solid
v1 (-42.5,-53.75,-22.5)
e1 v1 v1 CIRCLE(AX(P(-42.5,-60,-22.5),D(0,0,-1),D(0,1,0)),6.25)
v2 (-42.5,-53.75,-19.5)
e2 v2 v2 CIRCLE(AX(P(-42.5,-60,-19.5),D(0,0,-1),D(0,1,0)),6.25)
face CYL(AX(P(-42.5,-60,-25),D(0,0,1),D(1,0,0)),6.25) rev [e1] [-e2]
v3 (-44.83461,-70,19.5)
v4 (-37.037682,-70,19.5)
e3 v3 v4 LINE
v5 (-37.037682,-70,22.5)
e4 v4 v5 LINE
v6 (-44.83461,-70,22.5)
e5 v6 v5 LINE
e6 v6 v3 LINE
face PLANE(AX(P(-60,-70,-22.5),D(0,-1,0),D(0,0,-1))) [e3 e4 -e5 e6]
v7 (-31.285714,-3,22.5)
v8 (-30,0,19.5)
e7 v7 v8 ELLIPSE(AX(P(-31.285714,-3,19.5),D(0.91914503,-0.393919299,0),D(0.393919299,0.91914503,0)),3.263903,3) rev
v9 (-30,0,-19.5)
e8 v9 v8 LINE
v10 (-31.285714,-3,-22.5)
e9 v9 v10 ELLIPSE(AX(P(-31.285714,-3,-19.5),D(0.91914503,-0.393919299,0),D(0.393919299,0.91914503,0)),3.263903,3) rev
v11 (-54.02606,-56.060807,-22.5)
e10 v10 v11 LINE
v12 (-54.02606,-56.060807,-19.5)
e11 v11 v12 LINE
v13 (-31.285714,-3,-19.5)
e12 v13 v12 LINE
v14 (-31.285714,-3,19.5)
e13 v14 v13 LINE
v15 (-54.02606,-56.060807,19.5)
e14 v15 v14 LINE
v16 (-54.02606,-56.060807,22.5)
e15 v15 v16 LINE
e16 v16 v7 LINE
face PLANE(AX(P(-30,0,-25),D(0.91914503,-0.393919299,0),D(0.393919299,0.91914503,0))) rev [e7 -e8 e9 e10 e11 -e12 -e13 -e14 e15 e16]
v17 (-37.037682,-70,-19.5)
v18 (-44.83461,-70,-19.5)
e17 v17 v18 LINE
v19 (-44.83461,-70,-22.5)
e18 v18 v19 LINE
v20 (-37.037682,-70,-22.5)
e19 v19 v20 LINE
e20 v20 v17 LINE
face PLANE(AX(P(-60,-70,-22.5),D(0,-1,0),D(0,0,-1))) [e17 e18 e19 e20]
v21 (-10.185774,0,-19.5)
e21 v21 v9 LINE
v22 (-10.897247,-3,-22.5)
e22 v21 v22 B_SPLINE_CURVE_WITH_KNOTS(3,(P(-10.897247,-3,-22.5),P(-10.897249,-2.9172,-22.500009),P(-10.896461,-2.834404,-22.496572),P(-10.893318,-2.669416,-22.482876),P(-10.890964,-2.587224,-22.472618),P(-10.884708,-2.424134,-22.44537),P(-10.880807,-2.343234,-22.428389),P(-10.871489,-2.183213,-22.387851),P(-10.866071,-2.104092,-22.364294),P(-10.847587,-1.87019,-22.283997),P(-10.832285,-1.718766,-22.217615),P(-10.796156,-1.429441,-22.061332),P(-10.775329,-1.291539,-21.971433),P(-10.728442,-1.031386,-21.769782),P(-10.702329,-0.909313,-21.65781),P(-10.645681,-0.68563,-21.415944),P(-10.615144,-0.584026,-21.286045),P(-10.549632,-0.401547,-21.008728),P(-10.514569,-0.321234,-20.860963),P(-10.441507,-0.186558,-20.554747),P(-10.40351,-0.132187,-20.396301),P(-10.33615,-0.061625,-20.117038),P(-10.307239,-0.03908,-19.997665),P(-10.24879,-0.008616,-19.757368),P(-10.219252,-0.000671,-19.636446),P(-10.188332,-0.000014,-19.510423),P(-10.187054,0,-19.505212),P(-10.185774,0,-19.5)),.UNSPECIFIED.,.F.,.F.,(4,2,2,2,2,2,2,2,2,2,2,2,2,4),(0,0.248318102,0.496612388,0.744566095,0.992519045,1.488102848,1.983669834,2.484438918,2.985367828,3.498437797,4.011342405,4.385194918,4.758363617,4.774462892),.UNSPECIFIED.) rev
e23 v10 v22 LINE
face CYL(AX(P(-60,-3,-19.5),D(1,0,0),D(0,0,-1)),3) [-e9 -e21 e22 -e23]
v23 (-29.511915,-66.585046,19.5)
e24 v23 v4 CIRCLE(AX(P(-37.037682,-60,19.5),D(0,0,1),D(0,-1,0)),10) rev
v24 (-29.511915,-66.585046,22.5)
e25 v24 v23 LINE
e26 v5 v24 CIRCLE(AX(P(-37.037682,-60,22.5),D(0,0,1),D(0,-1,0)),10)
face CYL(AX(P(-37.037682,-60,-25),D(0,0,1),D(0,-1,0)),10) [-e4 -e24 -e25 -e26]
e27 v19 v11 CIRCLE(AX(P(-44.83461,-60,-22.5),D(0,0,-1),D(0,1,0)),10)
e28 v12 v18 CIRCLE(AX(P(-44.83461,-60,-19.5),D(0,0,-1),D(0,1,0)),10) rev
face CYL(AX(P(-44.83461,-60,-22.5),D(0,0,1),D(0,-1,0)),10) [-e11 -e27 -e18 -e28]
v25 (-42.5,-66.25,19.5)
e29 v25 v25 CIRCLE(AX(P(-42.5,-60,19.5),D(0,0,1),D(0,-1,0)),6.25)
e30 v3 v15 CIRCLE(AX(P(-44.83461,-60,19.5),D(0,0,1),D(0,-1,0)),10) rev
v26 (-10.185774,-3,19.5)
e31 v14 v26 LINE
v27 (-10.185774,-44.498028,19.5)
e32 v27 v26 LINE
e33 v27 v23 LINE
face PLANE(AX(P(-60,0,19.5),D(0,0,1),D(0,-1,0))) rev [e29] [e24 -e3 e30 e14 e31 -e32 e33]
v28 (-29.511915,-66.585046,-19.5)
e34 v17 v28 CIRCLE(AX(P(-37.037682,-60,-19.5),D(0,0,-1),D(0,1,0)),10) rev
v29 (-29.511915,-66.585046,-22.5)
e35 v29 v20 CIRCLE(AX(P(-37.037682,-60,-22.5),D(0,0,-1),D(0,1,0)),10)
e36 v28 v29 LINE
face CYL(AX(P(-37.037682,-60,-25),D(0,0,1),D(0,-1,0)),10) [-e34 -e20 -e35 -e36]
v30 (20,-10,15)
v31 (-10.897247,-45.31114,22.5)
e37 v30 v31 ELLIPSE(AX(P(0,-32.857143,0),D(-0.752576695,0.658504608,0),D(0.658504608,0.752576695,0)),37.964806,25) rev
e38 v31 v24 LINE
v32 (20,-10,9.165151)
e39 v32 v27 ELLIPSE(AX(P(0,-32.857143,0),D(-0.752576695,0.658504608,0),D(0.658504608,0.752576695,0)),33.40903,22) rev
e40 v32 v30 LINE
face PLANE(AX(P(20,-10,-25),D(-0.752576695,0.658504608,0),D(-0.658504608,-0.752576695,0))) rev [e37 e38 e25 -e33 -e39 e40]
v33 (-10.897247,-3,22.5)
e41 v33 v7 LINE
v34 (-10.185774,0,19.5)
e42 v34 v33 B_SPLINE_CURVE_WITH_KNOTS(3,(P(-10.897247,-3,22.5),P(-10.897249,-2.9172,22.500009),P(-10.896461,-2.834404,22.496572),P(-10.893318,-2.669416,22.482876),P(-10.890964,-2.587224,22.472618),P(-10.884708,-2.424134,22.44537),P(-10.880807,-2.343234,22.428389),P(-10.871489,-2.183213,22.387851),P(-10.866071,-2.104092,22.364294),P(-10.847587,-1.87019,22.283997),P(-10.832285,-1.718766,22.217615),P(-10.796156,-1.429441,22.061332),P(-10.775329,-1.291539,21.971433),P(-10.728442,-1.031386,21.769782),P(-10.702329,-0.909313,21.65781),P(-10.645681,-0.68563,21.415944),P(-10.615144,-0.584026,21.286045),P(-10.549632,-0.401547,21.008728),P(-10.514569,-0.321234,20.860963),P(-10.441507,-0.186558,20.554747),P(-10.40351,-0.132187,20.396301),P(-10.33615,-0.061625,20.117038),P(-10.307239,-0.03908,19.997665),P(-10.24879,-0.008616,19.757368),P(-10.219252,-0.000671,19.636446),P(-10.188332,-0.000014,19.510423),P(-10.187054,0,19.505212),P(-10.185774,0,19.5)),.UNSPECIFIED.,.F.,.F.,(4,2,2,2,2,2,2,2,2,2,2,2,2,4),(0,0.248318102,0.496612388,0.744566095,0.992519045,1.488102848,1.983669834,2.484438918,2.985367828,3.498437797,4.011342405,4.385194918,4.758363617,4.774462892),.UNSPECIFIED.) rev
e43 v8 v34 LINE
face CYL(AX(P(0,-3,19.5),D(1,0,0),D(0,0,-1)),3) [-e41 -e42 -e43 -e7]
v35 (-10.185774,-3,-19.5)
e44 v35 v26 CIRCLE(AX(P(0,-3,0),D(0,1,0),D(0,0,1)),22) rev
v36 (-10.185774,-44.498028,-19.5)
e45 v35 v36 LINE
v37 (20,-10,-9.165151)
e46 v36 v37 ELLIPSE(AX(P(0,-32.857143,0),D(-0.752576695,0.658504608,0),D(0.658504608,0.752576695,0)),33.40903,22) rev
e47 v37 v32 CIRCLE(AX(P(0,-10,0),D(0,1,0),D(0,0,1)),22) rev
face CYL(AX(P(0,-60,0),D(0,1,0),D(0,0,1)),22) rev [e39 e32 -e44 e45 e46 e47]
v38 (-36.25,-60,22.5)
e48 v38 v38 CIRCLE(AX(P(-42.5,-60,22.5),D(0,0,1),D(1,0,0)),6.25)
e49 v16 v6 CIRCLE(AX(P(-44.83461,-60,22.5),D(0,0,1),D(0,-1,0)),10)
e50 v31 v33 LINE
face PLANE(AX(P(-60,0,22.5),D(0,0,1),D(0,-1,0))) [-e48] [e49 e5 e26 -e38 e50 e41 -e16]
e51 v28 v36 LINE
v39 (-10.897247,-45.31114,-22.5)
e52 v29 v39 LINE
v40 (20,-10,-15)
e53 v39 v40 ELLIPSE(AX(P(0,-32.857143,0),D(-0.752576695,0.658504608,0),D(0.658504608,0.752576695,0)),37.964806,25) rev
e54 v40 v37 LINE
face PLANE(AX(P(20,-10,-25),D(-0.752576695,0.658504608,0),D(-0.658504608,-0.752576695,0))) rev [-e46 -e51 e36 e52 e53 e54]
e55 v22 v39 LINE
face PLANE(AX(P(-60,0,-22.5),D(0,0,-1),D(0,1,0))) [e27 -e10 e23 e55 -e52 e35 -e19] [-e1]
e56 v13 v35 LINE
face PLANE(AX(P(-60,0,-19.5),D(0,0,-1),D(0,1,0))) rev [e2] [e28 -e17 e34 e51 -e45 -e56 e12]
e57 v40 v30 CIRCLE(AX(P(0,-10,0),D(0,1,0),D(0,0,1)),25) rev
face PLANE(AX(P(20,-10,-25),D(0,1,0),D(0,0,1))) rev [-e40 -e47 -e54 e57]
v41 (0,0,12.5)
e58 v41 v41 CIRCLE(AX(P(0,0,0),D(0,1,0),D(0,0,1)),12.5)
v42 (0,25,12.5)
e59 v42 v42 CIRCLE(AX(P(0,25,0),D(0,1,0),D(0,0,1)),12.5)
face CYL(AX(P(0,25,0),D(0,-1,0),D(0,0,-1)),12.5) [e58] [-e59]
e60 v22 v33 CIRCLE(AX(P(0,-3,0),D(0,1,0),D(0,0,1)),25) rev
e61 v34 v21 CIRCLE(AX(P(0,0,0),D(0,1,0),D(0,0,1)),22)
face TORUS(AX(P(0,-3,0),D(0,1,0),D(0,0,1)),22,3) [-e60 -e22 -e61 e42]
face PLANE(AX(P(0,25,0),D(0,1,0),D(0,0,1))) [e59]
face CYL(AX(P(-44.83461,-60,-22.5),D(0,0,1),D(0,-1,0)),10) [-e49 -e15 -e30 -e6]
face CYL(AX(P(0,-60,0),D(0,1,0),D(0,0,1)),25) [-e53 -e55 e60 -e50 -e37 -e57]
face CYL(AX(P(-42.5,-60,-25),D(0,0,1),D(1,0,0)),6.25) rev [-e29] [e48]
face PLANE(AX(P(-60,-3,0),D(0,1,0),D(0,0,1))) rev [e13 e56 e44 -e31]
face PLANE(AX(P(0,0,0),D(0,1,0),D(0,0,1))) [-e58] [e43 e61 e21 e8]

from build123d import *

# Parameters (mm, degrees)
SKETCH2_R               = 25
SKETCH2_R_2             = 22
EXTRUDE_THIN1_DEPTH     = 60
SKETCH3_W               = 45
SKETCH3_H               = 70
SKETCH3_W_2             = 39
SKETCH3_H_2             = 64
EXTRUDE_THIN2_DEPTH     = 60
SKETCH4_R               = 22
CUT_EXTRUDE1_DEPTH      = 71
CUT_EXTRUDE2_DEPTH      = 26
CUT_EXTRUDE2_DEPTH_BACK = 26
SKETCH6_W               = 39
SKETCH6_H               = 64
CUT_EXTRUDE3_DEPTH      = 50
CUT_EXTRUDE4_DEPTH      = 26
CUT_EXTRUDE4_DEPTH_BACK = 26
SKETCH8_W               = 35
SKETCH8_H               = 39
CUT_EXTRUDE6_DEPTH      = 4
BOSS_EXTRUDE1_DEPTH     = 3
FILLET1_R               = 3
SKETCH10_R              = 6.25
CUT_EXTRUDE7_DEPTH      = 48.5000001
FILLET3_R               = 10
SKETCH11_R              = 12.5
BOSS_EXTRUDE2_DEPTH     = 25


with BuildPart() as part:
    # Sketch2 → Extrude-Thin1 (new body)
    with BuildSketch(Plane(origin=(0, 0, 0), x_dir=(1, 0, 0), z_dir=(0, 1, 0))):
        Circle(SKETCH2_R)
        Circle(SKETCH2_R_2, mode=Mode.SUBTRACT)
    extrude(amount=-EXTRUDE_THIN1_DEPTH)

    # Sketch3 → Extrude-Thin2 (add)
    with BuildSketch(Plane(origin=(0, 0, 0), x_dir=(0, 0, -1), z_dir=(1, 0, 0))):
        with Locations((0, -35)):
            Rectangle(SKETCH3_W, SKETCH3_H)
        with Locations((0, -35)):
            Rectangle(SKETCH3_W_2, SKETCH3_H_2, mode=Mode.SUBTRACT)
    extrude(amount=-EXTRUDE_THIN2_DEPTH)

    # Sketch4 → Cut-Extrude1 (cut, through all)
    with BuildSketch(Plane(origin=(0, 0, 0), x_dir=(1, 0, 0), z_dir=(0, 1, 0))):
        Circle(SKETCH4_R)
    extrude(amount=-CUT_EXTRUDE1_DEPTH, mode=Mode.SUBTRACT)

    # Sketch5 → Cut-Extrude2 (cut, two sides)
    with BuildSketch(Plane.XY) as cut_extrude2_sk:
        Polygon((20, -10), (-50, -90), (25, -90), (25, -10), align=None)
    extrude(amount=CUT_EXTRUDE2_DEPTH, mode=Mode.SUBTRACT)
    extrude(cut_extrude2_sk.sketch, amount=-CUT_EXTRUDE2_DEPTH_BACK, mode=Mode.SUBTRACT)

    # Sketch6 → Cut-Extrude3 (cut)
    with BuildSketch(Plane.ZY.offset(60)):
        with Locations((0, -35)):
            Rectangle(SKETCH6_W, SKETCH6_H)
    extrude(amount=-CUT_EXTRUDE3_DEPTH, mode=Mode.SUBTRACT)

    # Sketch7 → Cut-Extrude4 (cut, two sides)
    with BuildSketch(Plane.XY) as cut_extrude4_sk:
        Polygon((-30, 0), (-60, -70), (-60, 0), align=None)
    extrude(amount=CUT_EXTRUDE4_DEPTH, mode=Mode.SUBTRACT)
    extrude(cut_extrude4_sk.sketch, amount=-CUT_EXTRUDE4_DEPTH_BACK, mode=Mode.SUBTRACT)

    # Sketch8 → Cut-Extrude6 (cut, through all)
    with BuildSketch(Plane(origin=(0, -67, 0), x_dir=(1, 0, 0), z_dir=(0, 1, 0))):
        with Locations((-47.375, 0)):
            Rectangle(SKETCH8_W, SKETCH8_H)
    extrude(amount=-CUT_EXTRUDE6_DEPTH, mode=Mode.SUBTRACT)

    # Sketch9 → Boss-Extrude1 (add)
    with BuildSketch(Plane(origin=(0, 0, 0), x_dir=(1, 0, 0), z_dir=(0, 1, 0))):
        with BuildLine():
            Line((-30, 22.5), (-10.897247359, 22.5))
            ThreePointArc((-10.897247359, 22.5), (25, 0), (-10.897247359, -22.5))
            Line((-10.897247359, -22.5), (-30, -22.5))
            Line((-30, -22.5), (-30, 22.5))
        make_face()
    extrude(amount=-BOSS_EXTRUDE1_DEPTH)

    # Fillet1
    fillet1_edges = [part.edges().sort_by_distance(p)[0] for p in [
        (25, 0, 0),
        (-20.448623679, 0, -22.5),
        (-20.448623679, 0, 22.5),
    ]]
    fillet(fillet1_edges, radius=FILLET1_R)

    # Sketch10 → Cut-Extrude7 (cut, through all)
    with BuildSketch(Plane.XY.offset(22.5)):
        with Locations((-42.5, -60)):
            Circle(SKETCH10_R)
    extrude(amount=-CUT_EXTRUDE7_DEPTH, mode=Mode.SUBTRACT)

    # Fillet3
    fillet3_edges = [part.edges().sort_by_distance(p)[0] for p in [
        (-60, -70, -21),
        (-32.5, -70, -21),
        (-60, -70, 21),
        (-32.5, -70, 21),
    ]]
    fillet(fillet3_edges, radius=FILLET3_R)

    # Sketch11 → Boss-Extrude2 (add)
    with BuildSketch(Plane(origin=(0, 0, 0), x_dir=(1, 0, 0), z_dir=(0, 1, 0))):
        Circle(SKETCH11_R)
    extrude(amount=BOSS_EXTRUDE2_DEPTH)


solid = part.part
